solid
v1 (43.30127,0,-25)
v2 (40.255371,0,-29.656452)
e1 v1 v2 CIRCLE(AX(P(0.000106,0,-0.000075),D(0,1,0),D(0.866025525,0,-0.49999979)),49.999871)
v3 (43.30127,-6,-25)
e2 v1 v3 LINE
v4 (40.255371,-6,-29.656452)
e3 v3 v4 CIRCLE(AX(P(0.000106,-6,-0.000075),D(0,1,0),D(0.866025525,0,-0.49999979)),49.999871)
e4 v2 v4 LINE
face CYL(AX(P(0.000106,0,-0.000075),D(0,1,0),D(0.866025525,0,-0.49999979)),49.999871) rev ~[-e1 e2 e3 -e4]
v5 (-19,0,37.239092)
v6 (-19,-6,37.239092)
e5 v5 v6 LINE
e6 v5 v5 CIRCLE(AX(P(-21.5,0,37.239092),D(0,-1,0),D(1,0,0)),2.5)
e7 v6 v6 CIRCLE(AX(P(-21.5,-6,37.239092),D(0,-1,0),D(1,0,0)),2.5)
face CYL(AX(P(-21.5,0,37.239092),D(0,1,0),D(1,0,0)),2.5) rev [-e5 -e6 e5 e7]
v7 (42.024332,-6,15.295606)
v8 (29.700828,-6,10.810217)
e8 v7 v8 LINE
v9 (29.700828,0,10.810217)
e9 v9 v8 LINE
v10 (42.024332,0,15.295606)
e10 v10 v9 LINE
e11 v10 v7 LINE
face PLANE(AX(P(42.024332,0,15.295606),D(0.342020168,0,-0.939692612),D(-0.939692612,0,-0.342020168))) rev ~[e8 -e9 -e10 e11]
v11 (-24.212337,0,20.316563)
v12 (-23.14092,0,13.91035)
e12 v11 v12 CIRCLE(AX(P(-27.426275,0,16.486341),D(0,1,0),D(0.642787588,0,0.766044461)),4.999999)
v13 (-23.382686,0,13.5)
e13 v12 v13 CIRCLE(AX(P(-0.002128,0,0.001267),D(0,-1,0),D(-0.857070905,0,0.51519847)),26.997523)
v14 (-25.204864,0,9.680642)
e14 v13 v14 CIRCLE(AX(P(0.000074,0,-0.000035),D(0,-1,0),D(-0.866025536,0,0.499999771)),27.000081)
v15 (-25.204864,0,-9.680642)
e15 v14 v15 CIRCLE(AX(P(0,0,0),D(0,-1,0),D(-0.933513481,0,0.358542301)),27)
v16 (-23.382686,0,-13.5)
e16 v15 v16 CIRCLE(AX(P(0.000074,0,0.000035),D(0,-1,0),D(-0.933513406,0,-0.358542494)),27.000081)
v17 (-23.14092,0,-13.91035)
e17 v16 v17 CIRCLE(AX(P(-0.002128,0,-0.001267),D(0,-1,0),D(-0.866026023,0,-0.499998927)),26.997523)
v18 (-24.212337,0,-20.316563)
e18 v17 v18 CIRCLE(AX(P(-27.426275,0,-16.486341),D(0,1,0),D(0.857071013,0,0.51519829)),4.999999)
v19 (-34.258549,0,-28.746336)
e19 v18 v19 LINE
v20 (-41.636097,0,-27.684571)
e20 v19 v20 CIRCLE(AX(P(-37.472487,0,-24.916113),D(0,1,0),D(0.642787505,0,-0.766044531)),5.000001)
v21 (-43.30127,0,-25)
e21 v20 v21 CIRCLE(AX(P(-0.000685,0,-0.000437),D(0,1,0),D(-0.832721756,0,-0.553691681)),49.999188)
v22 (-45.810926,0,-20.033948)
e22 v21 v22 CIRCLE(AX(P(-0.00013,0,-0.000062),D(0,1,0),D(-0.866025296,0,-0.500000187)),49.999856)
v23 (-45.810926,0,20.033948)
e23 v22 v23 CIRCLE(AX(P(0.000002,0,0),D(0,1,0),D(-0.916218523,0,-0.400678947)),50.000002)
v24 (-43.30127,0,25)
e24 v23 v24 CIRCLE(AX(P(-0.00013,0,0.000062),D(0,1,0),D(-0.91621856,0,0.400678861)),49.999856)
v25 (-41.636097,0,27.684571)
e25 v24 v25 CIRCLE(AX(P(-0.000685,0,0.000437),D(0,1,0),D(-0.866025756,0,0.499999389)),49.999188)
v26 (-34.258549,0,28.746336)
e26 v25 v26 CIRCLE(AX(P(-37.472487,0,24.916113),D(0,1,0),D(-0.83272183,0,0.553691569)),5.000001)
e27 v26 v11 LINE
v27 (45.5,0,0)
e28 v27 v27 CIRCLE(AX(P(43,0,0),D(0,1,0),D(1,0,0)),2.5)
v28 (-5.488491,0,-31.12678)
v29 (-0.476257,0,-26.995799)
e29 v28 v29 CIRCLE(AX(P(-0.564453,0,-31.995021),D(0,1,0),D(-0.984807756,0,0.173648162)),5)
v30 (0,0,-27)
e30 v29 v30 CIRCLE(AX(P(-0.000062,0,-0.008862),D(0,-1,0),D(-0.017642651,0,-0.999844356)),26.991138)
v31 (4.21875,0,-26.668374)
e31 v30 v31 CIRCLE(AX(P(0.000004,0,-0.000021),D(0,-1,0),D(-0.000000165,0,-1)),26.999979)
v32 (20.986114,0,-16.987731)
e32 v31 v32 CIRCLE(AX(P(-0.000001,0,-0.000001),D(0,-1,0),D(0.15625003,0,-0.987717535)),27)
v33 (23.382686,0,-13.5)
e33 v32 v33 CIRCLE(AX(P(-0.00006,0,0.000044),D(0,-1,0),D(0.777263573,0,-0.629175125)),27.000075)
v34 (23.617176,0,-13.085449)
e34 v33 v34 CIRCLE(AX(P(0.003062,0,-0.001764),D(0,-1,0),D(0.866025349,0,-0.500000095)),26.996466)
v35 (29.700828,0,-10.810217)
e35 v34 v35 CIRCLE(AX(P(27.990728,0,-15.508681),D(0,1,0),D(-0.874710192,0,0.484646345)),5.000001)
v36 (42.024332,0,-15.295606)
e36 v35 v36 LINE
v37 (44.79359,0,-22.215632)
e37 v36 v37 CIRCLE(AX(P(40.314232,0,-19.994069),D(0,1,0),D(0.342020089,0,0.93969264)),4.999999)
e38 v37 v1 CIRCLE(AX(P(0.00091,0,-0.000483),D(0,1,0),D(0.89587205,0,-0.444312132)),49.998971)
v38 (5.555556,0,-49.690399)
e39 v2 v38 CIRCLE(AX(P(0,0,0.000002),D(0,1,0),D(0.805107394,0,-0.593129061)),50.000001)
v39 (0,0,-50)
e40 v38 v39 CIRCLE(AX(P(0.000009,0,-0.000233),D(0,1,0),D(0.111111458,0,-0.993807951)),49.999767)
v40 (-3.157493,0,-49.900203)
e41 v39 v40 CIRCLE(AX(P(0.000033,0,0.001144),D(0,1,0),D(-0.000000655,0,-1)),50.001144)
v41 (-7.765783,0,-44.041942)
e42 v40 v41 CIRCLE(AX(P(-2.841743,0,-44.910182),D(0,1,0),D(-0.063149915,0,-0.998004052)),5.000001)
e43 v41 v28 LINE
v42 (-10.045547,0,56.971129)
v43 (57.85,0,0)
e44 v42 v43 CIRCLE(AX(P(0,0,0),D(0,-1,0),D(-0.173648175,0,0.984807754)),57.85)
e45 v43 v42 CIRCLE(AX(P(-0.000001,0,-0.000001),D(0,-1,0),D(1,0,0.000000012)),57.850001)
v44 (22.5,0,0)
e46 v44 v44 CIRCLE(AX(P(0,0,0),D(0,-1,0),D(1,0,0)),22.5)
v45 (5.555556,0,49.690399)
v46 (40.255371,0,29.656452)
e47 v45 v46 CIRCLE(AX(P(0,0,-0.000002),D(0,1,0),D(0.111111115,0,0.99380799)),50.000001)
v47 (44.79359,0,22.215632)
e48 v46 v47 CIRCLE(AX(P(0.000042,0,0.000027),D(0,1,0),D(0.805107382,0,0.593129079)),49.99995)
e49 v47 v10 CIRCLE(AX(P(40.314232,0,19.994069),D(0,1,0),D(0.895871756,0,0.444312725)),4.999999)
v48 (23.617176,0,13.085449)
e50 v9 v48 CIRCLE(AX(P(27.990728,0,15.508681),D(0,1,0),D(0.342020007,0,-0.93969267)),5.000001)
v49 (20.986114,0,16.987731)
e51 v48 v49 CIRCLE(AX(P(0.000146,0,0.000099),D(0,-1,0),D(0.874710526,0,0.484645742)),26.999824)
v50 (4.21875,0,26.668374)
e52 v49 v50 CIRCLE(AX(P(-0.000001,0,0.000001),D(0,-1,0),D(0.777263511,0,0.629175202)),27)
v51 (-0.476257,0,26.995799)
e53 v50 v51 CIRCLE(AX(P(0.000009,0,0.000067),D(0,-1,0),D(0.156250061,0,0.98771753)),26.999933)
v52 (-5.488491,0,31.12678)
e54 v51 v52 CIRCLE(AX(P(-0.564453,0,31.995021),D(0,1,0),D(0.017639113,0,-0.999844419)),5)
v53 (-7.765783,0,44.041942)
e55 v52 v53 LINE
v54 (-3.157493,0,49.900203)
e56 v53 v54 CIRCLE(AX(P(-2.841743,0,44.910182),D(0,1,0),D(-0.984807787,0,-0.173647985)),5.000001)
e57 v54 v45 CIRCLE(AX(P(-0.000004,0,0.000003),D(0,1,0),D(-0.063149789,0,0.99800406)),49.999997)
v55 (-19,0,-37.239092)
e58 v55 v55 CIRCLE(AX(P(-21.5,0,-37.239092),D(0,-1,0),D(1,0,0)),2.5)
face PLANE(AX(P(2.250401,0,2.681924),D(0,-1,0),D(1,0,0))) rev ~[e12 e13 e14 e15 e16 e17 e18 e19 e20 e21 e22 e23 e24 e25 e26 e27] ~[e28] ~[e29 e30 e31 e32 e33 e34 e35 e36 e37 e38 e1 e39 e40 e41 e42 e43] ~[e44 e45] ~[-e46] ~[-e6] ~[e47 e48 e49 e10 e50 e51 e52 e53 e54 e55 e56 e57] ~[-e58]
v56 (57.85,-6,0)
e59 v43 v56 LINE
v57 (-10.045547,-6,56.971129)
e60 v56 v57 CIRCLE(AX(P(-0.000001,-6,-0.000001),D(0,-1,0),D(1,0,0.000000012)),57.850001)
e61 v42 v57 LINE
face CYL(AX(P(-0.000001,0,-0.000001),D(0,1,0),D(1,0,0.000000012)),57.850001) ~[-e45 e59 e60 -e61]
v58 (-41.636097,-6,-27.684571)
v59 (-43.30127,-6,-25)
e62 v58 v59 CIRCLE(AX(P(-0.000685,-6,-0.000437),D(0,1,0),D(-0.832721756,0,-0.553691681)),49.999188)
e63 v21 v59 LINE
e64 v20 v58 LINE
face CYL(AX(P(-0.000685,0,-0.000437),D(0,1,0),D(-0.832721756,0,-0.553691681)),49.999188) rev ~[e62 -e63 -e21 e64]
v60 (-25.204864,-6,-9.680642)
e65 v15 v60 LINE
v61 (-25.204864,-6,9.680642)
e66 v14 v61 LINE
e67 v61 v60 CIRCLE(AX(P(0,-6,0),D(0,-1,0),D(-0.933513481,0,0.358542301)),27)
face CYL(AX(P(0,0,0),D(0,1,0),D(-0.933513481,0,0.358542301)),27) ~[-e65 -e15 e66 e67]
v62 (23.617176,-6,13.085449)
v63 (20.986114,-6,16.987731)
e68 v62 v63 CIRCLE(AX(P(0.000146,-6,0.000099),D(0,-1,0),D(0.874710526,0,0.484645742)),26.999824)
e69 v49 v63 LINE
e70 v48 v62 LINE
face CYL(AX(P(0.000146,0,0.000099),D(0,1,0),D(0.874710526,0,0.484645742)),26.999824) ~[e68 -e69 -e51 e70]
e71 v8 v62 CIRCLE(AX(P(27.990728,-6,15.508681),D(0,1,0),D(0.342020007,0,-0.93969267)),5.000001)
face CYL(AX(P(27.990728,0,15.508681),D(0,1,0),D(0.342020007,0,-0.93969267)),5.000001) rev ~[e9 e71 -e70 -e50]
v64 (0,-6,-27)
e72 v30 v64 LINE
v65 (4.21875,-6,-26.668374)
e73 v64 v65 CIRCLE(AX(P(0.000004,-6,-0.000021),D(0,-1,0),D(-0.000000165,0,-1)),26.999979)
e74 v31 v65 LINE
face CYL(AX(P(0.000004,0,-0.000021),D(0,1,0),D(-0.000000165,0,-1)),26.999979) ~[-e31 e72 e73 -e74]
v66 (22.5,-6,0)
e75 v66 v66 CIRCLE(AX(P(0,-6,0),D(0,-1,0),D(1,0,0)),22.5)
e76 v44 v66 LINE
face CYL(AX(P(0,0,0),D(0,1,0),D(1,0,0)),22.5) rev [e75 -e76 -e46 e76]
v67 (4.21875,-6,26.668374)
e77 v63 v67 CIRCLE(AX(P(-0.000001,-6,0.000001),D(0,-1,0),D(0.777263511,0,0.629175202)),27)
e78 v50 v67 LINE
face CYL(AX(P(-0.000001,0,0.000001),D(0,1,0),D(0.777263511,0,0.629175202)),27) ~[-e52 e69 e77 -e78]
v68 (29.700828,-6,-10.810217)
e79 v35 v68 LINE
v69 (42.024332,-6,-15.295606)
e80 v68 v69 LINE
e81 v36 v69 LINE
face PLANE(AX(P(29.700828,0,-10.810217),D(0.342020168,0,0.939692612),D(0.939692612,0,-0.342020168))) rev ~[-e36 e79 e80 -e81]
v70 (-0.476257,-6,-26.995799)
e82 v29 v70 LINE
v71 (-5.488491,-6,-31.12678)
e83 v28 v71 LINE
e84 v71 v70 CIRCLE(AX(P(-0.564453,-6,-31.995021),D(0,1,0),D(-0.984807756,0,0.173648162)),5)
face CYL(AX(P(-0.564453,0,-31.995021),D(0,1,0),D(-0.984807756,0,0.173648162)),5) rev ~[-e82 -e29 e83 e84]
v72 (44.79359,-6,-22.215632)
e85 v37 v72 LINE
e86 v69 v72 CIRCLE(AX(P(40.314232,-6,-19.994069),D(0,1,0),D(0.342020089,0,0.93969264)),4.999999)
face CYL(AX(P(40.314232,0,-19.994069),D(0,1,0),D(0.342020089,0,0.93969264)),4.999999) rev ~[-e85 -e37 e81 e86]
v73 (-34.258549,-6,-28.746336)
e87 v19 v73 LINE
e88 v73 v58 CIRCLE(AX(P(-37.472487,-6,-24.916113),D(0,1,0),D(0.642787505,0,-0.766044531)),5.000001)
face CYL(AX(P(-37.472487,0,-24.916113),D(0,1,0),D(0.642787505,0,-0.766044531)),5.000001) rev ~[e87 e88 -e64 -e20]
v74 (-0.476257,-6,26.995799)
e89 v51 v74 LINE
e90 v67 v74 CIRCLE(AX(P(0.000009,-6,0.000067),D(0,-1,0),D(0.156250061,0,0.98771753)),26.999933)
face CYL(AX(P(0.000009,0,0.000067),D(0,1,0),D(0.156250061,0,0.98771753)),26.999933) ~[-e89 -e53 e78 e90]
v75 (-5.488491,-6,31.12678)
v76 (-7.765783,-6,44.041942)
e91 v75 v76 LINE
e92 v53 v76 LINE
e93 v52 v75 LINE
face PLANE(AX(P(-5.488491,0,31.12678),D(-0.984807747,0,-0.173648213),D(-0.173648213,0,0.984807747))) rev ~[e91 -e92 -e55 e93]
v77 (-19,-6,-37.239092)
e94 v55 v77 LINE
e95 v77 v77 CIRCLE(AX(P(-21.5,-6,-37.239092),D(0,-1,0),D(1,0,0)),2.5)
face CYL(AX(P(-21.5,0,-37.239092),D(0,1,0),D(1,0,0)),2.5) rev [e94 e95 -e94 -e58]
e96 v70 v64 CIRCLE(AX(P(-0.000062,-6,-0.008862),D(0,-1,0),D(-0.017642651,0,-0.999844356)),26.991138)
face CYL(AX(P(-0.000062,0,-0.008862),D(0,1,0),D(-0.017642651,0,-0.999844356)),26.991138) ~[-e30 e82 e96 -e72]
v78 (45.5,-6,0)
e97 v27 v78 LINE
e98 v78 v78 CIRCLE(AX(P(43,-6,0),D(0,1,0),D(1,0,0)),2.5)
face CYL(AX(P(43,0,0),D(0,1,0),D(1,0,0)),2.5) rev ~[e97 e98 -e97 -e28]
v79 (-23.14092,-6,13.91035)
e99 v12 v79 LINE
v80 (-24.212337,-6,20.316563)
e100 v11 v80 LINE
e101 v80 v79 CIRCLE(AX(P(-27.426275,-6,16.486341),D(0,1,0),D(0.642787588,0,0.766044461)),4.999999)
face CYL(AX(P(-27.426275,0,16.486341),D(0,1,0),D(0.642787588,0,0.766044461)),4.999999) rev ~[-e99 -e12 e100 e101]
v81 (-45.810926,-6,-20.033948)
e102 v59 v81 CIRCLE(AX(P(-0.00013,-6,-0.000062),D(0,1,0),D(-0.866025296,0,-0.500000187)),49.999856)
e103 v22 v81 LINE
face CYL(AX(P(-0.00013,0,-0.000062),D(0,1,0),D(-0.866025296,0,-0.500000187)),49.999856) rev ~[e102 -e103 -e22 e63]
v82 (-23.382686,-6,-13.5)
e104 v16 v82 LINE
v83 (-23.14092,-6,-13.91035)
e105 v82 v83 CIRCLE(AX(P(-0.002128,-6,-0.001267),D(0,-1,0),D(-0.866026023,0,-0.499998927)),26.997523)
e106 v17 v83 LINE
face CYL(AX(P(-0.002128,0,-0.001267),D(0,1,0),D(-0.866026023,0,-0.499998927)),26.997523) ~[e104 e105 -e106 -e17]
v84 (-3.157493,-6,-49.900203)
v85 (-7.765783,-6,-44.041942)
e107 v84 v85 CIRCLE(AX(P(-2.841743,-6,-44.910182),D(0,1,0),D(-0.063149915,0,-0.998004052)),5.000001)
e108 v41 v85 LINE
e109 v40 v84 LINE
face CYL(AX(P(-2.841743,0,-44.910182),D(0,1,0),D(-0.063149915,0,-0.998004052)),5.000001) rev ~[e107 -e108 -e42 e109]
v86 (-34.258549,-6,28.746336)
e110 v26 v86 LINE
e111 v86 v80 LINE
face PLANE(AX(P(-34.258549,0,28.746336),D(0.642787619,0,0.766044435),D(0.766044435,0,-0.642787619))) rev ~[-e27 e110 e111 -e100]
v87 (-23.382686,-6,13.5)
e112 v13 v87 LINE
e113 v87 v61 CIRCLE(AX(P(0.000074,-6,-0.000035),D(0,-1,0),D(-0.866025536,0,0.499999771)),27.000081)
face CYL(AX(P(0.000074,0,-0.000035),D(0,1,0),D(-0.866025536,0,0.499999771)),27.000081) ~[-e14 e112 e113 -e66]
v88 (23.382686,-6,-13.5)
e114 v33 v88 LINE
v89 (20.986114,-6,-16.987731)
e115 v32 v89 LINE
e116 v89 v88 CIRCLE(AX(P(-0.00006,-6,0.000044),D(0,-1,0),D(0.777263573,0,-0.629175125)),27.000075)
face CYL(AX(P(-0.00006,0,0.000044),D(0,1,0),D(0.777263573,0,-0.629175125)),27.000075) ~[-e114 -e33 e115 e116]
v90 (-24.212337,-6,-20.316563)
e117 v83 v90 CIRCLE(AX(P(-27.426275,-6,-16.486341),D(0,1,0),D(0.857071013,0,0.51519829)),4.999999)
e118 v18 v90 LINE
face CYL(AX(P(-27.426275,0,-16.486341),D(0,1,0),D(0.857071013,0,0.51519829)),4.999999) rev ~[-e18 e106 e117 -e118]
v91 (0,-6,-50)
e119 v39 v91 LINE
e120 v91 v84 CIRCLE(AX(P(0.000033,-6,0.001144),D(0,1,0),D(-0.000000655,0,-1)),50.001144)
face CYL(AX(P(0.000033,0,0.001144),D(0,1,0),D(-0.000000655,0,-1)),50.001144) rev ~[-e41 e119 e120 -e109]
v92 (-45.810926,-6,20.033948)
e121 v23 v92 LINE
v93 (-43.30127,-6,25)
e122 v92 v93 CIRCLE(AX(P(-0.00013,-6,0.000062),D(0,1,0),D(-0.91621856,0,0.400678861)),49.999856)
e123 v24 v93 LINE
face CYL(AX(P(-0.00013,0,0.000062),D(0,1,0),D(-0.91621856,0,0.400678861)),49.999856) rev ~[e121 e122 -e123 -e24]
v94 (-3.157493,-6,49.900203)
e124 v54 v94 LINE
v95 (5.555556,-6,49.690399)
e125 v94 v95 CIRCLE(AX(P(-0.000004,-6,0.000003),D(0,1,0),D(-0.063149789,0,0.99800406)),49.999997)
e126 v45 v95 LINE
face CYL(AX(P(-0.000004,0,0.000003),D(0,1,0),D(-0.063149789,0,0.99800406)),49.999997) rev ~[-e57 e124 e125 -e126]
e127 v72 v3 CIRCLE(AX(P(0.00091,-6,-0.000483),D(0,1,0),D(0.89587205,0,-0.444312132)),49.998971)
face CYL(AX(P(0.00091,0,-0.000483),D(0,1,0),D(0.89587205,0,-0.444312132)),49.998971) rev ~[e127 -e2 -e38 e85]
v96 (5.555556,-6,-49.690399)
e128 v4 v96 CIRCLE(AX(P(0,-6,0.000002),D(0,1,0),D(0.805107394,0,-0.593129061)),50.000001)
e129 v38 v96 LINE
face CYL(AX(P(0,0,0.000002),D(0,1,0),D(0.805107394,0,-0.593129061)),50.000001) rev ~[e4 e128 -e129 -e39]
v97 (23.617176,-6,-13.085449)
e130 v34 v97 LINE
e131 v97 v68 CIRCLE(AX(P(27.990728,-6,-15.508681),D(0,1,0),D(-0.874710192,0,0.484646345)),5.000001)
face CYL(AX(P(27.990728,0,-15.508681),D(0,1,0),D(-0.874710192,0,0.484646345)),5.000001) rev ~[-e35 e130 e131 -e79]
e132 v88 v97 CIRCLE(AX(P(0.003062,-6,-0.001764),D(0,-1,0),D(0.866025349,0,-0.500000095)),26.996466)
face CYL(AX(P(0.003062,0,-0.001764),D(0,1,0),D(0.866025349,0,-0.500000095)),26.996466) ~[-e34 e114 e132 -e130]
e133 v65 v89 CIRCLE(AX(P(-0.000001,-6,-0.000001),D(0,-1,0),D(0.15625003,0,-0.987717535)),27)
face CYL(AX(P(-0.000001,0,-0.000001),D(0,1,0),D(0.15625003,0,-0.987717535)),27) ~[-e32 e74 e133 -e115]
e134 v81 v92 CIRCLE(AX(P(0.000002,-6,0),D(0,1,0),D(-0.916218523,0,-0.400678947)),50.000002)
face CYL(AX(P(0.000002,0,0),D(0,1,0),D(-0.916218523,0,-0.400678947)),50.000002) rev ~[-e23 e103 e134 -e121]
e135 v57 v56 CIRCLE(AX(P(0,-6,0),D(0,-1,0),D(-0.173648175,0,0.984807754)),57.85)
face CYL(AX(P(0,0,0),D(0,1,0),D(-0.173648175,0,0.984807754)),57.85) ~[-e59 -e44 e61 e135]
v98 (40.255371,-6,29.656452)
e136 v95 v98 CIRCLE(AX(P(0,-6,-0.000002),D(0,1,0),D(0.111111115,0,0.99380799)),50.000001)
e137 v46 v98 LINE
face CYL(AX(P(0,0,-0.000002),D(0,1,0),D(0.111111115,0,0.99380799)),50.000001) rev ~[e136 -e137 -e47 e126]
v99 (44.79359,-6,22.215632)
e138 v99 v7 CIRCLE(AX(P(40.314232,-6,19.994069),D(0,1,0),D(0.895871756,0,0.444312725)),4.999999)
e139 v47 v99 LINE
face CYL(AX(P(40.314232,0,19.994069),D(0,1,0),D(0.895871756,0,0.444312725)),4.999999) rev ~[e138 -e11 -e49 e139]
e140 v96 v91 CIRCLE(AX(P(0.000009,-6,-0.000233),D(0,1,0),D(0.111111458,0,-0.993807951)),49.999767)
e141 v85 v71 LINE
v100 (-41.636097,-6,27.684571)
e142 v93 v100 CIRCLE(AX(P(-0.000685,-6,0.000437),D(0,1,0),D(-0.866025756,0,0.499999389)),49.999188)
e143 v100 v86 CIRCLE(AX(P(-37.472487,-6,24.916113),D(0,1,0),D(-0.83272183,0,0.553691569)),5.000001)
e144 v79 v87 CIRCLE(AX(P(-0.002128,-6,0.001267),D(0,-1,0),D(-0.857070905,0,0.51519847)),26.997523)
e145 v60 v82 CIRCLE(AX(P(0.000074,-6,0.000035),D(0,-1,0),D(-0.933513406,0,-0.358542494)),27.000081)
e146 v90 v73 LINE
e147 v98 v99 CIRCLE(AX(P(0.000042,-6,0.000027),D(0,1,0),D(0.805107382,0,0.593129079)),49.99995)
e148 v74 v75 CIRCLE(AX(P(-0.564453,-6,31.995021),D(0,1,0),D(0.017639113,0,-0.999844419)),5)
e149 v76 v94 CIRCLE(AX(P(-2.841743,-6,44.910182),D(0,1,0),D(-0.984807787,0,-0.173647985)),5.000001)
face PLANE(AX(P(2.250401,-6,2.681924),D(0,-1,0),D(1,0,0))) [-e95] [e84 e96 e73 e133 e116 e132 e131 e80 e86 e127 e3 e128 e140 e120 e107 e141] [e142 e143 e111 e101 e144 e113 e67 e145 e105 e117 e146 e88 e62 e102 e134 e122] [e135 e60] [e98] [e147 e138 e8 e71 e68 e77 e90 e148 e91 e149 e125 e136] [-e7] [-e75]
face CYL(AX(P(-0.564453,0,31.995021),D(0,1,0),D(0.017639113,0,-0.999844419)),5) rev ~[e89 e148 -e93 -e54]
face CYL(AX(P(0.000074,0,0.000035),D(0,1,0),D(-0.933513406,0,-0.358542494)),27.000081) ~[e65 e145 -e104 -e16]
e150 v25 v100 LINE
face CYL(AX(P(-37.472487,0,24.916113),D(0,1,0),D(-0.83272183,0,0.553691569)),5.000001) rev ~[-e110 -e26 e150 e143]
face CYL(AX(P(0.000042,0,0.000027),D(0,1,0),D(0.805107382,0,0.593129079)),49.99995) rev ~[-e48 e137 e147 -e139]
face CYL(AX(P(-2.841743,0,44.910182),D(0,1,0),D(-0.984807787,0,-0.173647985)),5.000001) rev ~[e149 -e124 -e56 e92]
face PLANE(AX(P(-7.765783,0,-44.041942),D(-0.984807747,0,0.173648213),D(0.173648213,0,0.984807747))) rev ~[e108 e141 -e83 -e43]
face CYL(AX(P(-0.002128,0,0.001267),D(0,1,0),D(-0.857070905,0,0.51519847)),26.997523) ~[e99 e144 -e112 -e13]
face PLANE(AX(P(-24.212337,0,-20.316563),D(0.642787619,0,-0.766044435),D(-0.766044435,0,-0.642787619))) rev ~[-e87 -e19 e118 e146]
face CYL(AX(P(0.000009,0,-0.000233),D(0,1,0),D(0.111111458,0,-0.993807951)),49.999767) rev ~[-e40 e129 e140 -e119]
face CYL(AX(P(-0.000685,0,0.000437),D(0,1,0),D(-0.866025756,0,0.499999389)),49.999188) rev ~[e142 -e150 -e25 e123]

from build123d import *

# Parameters (mm, degrees)
F0_R     = 2.5
F0_R_2   = 22.5
F1_DEPTH = 6


with BuildPart() as f1:
    # F0 (on Front) → F1 (new body)
    with BuildSketch(Plane.XZ):
        with BuildLine():
            ThreePointArc((-10.045547, 56.971129), (-37.185263, -44.315671), (57.85, 0))
            ThreePointArc((57.85, 0), (37.185263, 44.315671), (-10.045547, 56.971129))
        make_face()
        with Locations((-21.5, -37.239092)):
            Circle(F0_R, mode=Mode.SUBTRACT)
        with BuildLine():
            ThreePointArc((-23.382686, 13.5), (-24.368717, 11.626075), (-25.204864, 9.680642))
            ThreePointArc((-25.204864, 9.680642), (-27, 0), (-25.204864, -9.680642))
            ThreePointArc((-25.204864, -9.680642), (-24.368717, -11.626075), (-23.382686, -13.5))
            ThreePointArc((-23.382686, -13.5), (-23.262708, -13.705708), (-23.14092, -13.91035))
            ThreePointArc((-23.14092, -13.91035), (-22.49477, -17.311118), (-24.212337, -20.316563))
            Line((-24.212337, -20.316563), (-34.258549, -28.746336))
            ThreePointArc((-34.258549, -28.746336), (-38.184741, -29.865123), (-41.636097, -27.684571))
            ThreePointArc((-41.636097, -27.684571), (-42.489891, -26.35544), (-43.30127, -25))
            ThreePointArc((-43.30127, -25), (-44.625232, -22.551911), (-45.810926, -20.033948))
            ThreePointArc((-45.810926, -20.033948), (-50, 0), (-45.810926, 20.033948))
            ThreePointArc((-45.810926, 20.033948), (-44.625232, 22.551911), (-43.30127, 25))
            ThreePointArc((-43.30127, 25), (-42.489891, 26.35544), (-41.636097, 27.684571))
            ThreePointArc((-41.636097, 27.684571), (-38.184741, 29.865123), (-34.258549, 28.746336))
            Line((-34.258549, 28.746336), (-24.212337, 20.316563))
            ThreePointArc((-24.212337, 20.316563), (-22.49477, 17.311118), (-23.14092, 13.91035))
            ThreePointArc((-23.14092, 13.91035), (-23.262708, 13.705708), (-23.382686, 13.5))
        make_face(mode=Mode.SUBTRACT)
        Circle(F0_R_2, mode=Mode.SUBTRACT)
        with BuildLine():
            ThreePointArc((4.21875, -26.668374), (13.5, -23.382686), (20.986114, -16.987731))
            ThreePointArc((20.986114, -16.987731), (22.252835, -15.29089), (23.382686, -13.5))
            ThreePointArc((23.382686, -13.5), (23.500845, -13.293242), (23.617176, -13.085449))
            ThreePointArc((23.617176, -13.085449), (26.239253, -10.825483), (29.700828, -10.810217))
            Line((29.700828, -10.810217), (42.024332, -15.295606))
            ThreePointArc((42.024332, -15.295606), (44.956326, -18.136394), (44.79359, -22.215632))
            ThreePointArc((44.79359, -22.215632), (44.069426, -23.619605), (43.30127, -25))
            ThreePointArc((43.30127, -25), (41.843144, -27.370629), (40.255371, -29.656452))
            ThreePointArc((40.255371, -29.656452), (25, -43.30127), (5.555556, -49.690399))
            ThreePointArc((5.555556, -49.690399), (2.782088, -49.92254), (0, -50))
            ThreePointArc((0, -50), (-1.579535, -49.975044), (-3.157493, -49.900203))
            ThreePointArc((-3.157493, -49.900203), (-6.771585, -48.001517), (-7.765783, -44.041942))
            Line((-7.765783, -44.041942), (-5.488491, -31.12678))
            ThreePointArc((-5.488491, -31.12678), (-3.744483, -28.136601), (-0.476257, -26.995799))
            ThreePointArc((-0.476257, -26.995799), (-0.238138, -26.99895), (0, -27))
            ThreePointArc((0, -27), (2.115882, -26.916966), (4.21875, -26.668374))
        make_face(mode=Mode.SUBTRACT)
        with BuildLine():
            ThreePointArc((40.5, 0), (43, 2.5), (45.5, 0))
            ThreePointArc((45.5, 0), (43, -2.5), (40.5, 0))
        make_face(mode=Mode.SUBTRACT)
        with Locations((-21.5, 37.239092)):
            Circle(F0_R, mode=Mode.SUBTRACT)
        with BuildLine():
            ThreePointArc((20.986114, 16.987731), (13.5, 23.382686), (4.21875, 26.668374))
            ThreePointArc((4.21875, 26.668374), (1.878394, 26.934581), (-0.476257, 26.995799))
            ThreePointArc((-0.476257, 26.995799), (-3.744483, 28.136601), (-5.488491, 31.12678))
            Line((-5.488491, 31.12678), (-7.765783, 44.041942))
            ThreePointArc((-7.765783, 44.041942), (-6.771585, 48.001517), (-3.157493, 49.900203))
            ThreePointArc((-3.157493, 49.900203), (1.203611, 49.985511), (5.555556, 49.690399))
            ThreePointArc((5.555556, 49.690399), (25, 43.30127), (40.255371, 29.656452))
            ThreePointArc((40.255371, 29.656452), (42.686917, 26.035114), (44.79359, 22.215632))
            ThreePointArc((44.79359, 22.215632), (44.956326, 18.136394), (42.024332, 15.295606))
            Line((42.024332, 15.295606), (29.700828, 10.810217))
            ThreePointArc((29.700828, 10.810217), (26.239253, 10.825483), (23.617176, 13.085449))
            ThreePointArc((23.617176, 13.085449), (22.386834, 15.094028), (20.986114, 16.987731))
        make_face(mode=Mode.SUBTRACT)
    extrude(amount=F1_DEPTH)


solid = f1.part
